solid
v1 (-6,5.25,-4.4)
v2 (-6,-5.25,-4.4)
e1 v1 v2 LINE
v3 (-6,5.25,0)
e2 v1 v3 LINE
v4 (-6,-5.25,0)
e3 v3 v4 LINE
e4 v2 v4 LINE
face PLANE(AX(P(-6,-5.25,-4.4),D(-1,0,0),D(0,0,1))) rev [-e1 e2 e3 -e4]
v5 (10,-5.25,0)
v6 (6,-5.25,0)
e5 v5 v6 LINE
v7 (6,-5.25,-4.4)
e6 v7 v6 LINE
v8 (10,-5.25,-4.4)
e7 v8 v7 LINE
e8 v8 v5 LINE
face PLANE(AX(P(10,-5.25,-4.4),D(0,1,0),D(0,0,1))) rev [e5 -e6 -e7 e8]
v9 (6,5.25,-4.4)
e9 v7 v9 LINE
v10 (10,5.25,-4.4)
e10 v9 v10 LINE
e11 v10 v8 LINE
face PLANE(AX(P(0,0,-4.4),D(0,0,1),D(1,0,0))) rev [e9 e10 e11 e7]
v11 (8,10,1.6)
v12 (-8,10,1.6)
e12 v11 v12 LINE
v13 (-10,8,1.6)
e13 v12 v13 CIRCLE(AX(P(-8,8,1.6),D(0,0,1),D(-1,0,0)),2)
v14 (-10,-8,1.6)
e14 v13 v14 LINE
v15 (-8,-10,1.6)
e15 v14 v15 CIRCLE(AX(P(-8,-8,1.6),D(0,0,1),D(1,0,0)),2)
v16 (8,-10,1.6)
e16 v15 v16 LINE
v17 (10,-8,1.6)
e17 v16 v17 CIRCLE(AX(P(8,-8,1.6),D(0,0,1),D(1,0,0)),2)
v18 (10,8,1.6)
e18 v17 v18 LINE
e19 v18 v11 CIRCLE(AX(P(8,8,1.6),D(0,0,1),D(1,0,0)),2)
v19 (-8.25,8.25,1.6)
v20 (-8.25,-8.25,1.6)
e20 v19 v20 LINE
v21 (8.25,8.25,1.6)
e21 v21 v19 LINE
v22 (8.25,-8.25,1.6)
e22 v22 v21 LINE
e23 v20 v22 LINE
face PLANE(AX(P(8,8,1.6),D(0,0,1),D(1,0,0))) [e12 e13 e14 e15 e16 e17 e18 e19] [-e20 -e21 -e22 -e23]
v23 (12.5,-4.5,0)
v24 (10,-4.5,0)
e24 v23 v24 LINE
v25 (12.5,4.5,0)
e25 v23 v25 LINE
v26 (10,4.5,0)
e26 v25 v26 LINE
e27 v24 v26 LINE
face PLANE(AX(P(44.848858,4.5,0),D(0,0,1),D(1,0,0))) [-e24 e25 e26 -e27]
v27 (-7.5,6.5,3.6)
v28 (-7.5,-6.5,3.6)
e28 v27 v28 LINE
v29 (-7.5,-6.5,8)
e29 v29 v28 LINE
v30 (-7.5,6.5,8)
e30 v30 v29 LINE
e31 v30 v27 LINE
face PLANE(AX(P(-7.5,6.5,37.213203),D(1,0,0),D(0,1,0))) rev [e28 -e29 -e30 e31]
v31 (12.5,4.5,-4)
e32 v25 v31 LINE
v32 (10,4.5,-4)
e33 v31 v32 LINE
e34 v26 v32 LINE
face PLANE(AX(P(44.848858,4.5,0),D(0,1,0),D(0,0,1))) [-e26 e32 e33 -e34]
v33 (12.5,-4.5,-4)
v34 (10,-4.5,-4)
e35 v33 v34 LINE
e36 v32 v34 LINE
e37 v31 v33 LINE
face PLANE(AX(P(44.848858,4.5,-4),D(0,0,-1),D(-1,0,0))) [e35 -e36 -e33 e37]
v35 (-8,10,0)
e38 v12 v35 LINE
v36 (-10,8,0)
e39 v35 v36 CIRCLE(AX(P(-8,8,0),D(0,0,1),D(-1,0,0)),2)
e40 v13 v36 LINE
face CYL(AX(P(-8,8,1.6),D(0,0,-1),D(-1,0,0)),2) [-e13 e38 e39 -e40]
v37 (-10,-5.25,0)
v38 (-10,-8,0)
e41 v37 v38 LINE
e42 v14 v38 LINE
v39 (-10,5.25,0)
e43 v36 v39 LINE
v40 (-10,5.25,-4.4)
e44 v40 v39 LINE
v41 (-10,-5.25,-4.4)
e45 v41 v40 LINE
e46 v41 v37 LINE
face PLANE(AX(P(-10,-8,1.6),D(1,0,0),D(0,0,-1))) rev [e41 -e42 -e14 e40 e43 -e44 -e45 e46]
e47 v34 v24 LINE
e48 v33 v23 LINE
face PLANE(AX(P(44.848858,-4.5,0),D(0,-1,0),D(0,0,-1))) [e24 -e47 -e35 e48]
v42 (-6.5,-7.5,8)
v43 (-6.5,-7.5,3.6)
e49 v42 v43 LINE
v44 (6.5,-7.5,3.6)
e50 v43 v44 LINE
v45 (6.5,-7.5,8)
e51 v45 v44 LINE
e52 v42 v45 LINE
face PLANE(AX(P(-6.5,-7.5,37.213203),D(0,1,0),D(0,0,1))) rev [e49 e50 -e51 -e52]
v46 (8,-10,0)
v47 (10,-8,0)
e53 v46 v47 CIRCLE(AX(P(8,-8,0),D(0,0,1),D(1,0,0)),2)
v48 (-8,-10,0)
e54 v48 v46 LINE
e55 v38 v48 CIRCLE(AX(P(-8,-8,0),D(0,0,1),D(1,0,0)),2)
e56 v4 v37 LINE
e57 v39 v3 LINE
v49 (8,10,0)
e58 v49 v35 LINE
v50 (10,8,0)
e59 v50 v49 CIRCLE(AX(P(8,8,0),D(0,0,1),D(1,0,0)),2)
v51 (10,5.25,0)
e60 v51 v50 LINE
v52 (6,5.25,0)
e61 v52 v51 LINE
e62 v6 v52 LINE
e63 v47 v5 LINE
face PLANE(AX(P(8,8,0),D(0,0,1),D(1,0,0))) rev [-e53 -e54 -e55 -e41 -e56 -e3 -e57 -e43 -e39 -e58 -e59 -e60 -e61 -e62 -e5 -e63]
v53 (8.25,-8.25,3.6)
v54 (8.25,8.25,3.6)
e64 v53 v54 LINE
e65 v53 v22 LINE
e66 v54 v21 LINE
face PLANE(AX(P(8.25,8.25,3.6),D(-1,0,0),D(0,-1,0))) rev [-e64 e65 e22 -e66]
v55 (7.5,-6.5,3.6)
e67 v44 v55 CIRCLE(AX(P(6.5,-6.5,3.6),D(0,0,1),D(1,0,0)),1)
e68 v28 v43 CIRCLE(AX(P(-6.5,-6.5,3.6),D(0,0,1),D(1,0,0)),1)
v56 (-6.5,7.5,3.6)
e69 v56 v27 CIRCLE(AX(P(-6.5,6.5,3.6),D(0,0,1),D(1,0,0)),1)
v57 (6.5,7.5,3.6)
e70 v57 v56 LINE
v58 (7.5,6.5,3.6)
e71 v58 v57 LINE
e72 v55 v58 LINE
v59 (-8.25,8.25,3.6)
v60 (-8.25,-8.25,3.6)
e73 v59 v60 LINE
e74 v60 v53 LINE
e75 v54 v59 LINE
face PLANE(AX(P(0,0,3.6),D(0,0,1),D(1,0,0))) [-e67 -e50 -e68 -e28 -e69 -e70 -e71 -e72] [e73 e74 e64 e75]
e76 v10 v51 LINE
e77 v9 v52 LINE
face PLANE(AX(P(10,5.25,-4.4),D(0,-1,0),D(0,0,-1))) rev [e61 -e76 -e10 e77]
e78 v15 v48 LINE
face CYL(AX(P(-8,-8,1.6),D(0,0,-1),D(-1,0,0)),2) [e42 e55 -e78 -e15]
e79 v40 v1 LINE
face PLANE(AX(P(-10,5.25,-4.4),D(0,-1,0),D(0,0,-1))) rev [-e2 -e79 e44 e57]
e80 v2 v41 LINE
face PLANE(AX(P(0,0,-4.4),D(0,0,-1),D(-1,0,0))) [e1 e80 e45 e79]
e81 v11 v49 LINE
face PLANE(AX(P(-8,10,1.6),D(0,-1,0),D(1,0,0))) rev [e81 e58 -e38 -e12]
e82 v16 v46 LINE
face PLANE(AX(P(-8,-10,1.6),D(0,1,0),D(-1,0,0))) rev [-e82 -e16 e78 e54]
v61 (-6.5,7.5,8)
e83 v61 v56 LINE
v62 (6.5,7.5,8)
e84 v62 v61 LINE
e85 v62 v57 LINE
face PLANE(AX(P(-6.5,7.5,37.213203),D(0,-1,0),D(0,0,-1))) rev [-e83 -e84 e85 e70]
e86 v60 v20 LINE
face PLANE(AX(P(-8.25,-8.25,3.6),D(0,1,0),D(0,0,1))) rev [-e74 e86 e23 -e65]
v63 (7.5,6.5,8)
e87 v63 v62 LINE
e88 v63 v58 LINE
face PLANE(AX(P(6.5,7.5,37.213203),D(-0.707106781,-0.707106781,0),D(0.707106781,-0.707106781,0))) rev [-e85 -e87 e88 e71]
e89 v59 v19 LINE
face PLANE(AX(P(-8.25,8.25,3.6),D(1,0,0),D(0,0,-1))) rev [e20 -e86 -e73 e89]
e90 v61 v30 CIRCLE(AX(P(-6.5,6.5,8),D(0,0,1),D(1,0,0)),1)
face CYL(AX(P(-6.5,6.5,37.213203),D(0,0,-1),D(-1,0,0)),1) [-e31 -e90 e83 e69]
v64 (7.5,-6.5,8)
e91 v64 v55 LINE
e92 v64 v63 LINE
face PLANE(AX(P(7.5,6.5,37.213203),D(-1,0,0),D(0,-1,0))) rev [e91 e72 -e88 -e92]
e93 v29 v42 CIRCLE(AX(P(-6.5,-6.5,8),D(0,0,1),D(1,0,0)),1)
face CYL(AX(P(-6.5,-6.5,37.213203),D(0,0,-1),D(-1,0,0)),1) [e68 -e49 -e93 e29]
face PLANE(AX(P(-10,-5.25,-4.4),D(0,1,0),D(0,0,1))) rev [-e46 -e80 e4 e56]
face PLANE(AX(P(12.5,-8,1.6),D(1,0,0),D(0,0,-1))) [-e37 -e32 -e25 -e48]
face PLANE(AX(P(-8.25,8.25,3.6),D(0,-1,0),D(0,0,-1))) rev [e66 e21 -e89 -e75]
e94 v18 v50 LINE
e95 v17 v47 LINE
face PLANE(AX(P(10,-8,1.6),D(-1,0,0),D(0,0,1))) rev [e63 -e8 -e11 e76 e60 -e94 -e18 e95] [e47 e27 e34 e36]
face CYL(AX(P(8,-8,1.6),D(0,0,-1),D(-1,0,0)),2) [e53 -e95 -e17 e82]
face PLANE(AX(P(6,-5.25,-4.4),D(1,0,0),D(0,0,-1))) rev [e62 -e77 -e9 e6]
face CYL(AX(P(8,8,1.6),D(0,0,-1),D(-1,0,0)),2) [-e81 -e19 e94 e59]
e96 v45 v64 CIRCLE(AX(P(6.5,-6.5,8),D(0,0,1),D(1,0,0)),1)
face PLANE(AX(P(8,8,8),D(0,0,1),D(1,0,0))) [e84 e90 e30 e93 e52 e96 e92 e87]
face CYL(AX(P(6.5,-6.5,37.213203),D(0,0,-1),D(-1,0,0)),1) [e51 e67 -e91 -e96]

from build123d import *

# Parameters (mm, degrees)
BOSS_EXTRUDE1_DEPTH = 1.6
SKETCH2_W           = 16.5
SKETCH2_H           = 16.5
BOSS_EXTRUDE2_DEPTH = 2
BOSS_EXTRUDE3_DEPTH = 4.4
SKETCH5_W           = 4
SKETCH5_H           = 10.5
BOSS_EXTRUDE4_DEPTH = 4.4
SKETCH6_W           = 9
SKETCH6_H           = 4
BOSS_EXTRUDE5_DEPTH = 2.5


with BuildPart() as part:
    # Sketch1 → Boss-Extrude1 (new body)
    with BuildSketch(Plane(origin=(0, 0, 0), x_dir=(0, 1, 0), z_dir=(0, 0, 1))):
        with BuildLine():
            Line((-8, 10), (8, 10))
            ThreePointArc((8, 10), (9.414213562, 9.414213562), (10, 8))
            Line((10, 8), (10, -8))
            ThreePointArc((10, -8), (9.414213562, -9.414213562), (8, -10))
            Line((8, -10), (-8, -10))
            ThreePointArc((-8, -10), (-9.414213562, -9.414213562), (-10, -8))
            Line((-10, -8), (-10, 8))
            ThreePointArc((-10, 8), (-9.414213562, 9.414213562), (-8, 10))
        make_face()
    extrude(amount=BOSS_EXTRUDE1_DEPTH)

    # Sketch2 → Boss-Extrude2 (add)
    with BuildSketch(Plane.XY.offset(1.6)):
        Rectangle(SKETCH2_W, SKETCH2_H)
    extrude(amount=BOSS_EXTRUDE2_DEPTH)

    # Sketch3 → Boss-Extrude3 (add)
    with BuildSketch(Plane.XY.offset(3.6)):
        with BuildLine():
            Line((6.5, 7.5), (7.5, 6.5))
            Line((7.5, 6.5), (7.5, -6.5))
            ThreePointArc((7.5, -6.5), (7.207106781, -7.207106781), (6.5, -7.5))
            Line((6.5, -7.5), (-6.5, -7.5))
            ThreePointArc((-6.5, -7.5), (-7.207106781, -7.207106781), (-7.5, -6.5))
            Line((-7.5, -6.5), (-7.5, 6.5))
            ThreePointArc((-7.5, 6.5), (-7.207106781, 7.207106781), (-6.5, 7.5))
            Line((-6.5, 7.5), (6.5, 7.5))
        make_face()
    extrude(amount=BOSS_EXTRUDE3_DEPTH)

    # Sketch5 → Boss-Extrude4 (add)
    with BuildSketch(Plane(origin=(0, 0, 0), x_dir=(1, 0, 0), z_dir=(0, 0, -1))):
        with Locations((-8, 0)):
            Rectangle(SKETCH5_W, SKETCH5_H)
        with Locations((8, 0)):
            Rectangle(SKETCH5_W, SKETCH5_H)
    extrude(amount=BOSS_EXTRUDE4_DEPTH)

    # Sketch6 → Boss-Extrude5 (add)
    with BuildSketch(Plane(origin=(10, 0, 0), x_dir=(0, -1, 0), z_dir=(-1, 0, 0))):
        with Locations((0, -2)):
            Rectangle(SKETCH6_W, SKETCH6_H)
    extrude(amount=-BOSS_EXTRUDE5_DEPTH)


solid = part.part
